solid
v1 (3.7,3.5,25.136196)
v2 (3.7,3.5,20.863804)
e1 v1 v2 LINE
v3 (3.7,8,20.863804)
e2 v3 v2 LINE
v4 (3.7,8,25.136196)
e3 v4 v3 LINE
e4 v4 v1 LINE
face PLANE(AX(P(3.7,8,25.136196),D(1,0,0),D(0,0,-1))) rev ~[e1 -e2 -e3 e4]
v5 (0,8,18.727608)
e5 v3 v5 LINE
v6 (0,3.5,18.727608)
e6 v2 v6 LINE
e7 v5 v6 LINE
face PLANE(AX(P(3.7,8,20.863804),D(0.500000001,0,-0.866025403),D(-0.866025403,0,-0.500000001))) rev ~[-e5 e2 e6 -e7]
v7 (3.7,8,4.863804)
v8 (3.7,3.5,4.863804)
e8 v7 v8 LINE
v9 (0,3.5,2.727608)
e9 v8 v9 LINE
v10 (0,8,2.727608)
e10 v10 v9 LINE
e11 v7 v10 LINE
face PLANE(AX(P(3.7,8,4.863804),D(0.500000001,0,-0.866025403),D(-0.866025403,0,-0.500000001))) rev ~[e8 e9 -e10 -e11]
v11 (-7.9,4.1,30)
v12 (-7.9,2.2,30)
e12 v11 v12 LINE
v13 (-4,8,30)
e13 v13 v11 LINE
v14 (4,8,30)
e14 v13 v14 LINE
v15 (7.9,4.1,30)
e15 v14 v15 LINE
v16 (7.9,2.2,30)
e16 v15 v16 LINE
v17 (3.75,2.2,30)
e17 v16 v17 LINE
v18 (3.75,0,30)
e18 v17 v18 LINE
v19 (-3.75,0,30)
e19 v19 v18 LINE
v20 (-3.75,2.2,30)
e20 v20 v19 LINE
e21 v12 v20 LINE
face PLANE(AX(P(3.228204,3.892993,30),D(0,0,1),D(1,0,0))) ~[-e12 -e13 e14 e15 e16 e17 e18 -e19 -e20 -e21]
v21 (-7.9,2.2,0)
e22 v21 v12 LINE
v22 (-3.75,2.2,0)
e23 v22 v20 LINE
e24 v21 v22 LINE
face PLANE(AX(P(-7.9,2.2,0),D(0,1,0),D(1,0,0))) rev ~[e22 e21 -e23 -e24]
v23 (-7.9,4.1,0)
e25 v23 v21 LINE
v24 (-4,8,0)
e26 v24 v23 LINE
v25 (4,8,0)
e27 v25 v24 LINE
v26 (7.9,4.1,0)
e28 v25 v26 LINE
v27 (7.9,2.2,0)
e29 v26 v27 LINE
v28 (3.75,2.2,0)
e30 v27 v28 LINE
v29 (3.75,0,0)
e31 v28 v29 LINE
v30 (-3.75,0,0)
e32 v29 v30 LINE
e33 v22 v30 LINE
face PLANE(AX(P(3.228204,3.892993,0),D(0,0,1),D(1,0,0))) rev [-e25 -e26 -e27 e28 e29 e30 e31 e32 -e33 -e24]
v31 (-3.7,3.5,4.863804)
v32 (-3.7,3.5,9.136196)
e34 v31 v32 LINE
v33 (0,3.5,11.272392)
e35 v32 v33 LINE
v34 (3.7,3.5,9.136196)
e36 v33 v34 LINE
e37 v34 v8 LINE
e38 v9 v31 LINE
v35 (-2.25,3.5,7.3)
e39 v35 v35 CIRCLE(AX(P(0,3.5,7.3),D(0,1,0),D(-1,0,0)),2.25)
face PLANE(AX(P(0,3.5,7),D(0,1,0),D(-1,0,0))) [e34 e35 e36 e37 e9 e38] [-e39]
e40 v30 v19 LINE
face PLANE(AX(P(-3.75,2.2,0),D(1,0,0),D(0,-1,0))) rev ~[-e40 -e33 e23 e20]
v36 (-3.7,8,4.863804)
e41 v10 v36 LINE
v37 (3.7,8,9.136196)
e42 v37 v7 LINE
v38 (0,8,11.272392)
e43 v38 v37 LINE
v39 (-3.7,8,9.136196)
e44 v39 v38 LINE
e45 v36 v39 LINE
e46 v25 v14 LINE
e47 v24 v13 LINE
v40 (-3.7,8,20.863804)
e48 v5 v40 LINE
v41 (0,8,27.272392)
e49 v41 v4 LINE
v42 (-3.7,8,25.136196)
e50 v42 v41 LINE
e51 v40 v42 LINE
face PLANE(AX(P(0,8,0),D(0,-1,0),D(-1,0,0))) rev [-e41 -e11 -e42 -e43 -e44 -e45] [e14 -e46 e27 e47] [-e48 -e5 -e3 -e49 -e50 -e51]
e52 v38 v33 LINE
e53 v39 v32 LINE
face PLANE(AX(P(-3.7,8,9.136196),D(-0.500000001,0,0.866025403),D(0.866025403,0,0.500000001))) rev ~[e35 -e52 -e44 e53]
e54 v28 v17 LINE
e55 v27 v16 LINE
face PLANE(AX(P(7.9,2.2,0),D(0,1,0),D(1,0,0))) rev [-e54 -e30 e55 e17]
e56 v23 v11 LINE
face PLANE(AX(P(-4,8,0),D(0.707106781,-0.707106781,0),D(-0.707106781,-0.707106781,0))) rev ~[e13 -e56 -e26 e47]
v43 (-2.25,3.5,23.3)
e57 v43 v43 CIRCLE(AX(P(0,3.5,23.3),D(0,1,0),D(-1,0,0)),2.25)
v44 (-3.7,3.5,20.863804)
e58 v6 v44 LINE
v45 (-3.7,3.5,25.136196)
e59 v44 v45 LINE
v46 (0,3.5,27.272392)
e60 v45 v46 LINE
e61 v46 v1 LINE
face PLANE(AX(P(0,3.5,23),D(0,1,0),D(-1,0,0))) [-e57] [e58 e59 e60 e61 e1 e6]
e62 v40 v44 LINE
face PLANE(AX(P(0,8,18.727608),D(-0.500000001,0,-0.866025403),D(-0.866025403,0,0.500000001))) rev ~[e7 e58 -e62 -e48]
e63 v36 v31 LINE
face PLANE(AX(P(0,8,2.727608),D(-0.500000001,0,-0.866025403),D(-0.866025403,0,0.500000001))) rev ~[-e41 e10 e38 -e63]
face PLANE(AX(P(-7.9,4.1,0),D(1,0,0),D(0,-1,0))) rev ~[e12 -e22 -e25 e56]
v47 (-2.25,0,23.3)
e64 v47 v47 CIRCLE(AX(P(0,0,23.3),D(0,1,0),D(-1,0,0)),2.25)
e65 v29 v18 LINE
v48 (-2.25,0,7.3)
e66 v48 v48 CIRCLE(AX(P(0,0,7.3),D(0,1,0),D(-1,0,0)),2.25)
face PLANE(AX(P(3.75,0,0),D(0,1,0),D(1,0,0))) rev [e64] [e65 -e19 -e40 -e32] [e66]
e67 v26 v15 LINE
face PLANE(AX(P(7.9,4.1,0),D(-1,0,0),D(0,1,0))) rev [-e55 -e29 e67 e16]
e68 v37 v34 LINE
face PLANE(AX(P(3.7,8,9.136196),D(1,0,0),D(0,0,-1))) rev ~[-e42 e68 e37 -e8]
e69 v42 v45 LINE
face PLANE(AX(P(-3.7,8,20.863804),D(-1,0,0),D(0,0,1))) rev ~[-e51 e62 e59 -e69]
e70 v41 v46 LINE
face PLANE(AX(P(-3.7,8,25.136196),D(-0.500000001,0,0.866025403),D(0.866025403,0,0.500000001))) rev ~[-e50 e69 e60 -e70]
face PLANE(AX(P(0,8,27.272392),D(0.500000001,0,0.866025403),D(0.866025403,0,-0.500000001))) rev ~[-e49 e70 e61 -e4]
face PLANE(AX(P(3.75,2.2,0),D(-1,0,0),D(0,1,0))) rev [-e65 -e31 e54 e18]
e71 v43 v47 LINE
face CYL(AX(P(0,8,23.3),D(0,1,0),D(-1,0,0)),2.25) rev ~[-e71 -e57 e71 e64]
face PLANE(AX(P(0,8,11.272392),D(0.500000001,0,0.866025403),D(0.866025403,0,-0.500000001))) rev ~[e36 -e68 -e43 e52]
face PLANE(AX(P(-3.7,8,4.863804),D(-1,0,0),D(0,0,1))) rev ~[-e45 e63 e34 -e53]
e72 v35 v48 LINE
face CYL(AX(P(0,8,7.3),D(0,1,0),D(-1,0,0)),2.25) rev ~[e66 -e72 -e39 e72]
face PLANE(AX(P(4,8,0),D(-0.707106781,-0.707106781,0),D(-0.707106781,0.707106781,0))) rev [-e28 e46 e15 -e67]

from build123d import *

# Parameters (mm, degrees)
PAD002_DEPTH           = 30
POCKET_DEPTH           = 4.5
LINEARPATTERN_COUNT    = 2
LINEARPATTERN_PITCH    = 16
SKETCH003_R            = 2.25
HOLE_DEPTH             = 25
LINEARPATTERN001_COUNT = 2
LINEARPATTERN001_PITCH = 16


with BuildPart() as part:
    # Sketch002 → Pad002 (new body)
    with BuildSketch(Plane.XY):
        Polygon((0, 0), (0, 8), (-4, 8), (-7.9, 4.1), (-7.9, 2.2), (-3.75, 2.2), (-3.75, 0), align=None)
    pad002 = extrude(amount=PAD002_DEPTH)

    # Mirrored: Pad002 across Sketch002 V_Axis
    add(pad002.mirror(Plane(origin=(0, 0, 0), x_dir=(0, 0, 1), z_dir=(1, 0, 0))))

    # Sketch (on DatumPlane) → Pocket (cut)
    with BuildSketch(Plane(origin=(0, 8, 0), x_dir=(-1, 0, 0), z_dir=(0, 1, 0))):
        Polygon((0, 2.727608), (3.7, 4.863804), (3.7, 9.136196), (0, 11.272392), (-3.7, 9.136196), (-3.7, 4.863804), align=None)
    pocket = extrude(amount=-POCKET_DEPTH, mode=Mode.SUBTRACT)

    # LinearPattern: Pocket ×2
    with Locations(*[(0, 0, i * LINEARPATTERN_PITCH) for i in range(1, LINEARPATTERN_COUNT)]):
        add(pocket, mode=Mode.SUBTRACT)

    # Sketch003 (on DatumPlane) → Hole (cut)
    with BuildSketch(Plane(origin=(0, 8, 0), x_dir=(-1, 0, 0), z_dir=(0, 1, 0))):
        with Locations((0, 7.3)):
            Circle(SKETCH003_R)
    hole = extrude(amount=-HOLE_DEPTH, mode=Mode.SUBTRACT)

    # LinearPattern001: Hole ×2
    with Locations(*[(0, 0, i * LINEARPATTERN001_PITCH) for i in range(1, LINEARPATTERN001_COUNT)]):
        add(hole, mode=Mode.SUBTRACT)


solid = part.part
